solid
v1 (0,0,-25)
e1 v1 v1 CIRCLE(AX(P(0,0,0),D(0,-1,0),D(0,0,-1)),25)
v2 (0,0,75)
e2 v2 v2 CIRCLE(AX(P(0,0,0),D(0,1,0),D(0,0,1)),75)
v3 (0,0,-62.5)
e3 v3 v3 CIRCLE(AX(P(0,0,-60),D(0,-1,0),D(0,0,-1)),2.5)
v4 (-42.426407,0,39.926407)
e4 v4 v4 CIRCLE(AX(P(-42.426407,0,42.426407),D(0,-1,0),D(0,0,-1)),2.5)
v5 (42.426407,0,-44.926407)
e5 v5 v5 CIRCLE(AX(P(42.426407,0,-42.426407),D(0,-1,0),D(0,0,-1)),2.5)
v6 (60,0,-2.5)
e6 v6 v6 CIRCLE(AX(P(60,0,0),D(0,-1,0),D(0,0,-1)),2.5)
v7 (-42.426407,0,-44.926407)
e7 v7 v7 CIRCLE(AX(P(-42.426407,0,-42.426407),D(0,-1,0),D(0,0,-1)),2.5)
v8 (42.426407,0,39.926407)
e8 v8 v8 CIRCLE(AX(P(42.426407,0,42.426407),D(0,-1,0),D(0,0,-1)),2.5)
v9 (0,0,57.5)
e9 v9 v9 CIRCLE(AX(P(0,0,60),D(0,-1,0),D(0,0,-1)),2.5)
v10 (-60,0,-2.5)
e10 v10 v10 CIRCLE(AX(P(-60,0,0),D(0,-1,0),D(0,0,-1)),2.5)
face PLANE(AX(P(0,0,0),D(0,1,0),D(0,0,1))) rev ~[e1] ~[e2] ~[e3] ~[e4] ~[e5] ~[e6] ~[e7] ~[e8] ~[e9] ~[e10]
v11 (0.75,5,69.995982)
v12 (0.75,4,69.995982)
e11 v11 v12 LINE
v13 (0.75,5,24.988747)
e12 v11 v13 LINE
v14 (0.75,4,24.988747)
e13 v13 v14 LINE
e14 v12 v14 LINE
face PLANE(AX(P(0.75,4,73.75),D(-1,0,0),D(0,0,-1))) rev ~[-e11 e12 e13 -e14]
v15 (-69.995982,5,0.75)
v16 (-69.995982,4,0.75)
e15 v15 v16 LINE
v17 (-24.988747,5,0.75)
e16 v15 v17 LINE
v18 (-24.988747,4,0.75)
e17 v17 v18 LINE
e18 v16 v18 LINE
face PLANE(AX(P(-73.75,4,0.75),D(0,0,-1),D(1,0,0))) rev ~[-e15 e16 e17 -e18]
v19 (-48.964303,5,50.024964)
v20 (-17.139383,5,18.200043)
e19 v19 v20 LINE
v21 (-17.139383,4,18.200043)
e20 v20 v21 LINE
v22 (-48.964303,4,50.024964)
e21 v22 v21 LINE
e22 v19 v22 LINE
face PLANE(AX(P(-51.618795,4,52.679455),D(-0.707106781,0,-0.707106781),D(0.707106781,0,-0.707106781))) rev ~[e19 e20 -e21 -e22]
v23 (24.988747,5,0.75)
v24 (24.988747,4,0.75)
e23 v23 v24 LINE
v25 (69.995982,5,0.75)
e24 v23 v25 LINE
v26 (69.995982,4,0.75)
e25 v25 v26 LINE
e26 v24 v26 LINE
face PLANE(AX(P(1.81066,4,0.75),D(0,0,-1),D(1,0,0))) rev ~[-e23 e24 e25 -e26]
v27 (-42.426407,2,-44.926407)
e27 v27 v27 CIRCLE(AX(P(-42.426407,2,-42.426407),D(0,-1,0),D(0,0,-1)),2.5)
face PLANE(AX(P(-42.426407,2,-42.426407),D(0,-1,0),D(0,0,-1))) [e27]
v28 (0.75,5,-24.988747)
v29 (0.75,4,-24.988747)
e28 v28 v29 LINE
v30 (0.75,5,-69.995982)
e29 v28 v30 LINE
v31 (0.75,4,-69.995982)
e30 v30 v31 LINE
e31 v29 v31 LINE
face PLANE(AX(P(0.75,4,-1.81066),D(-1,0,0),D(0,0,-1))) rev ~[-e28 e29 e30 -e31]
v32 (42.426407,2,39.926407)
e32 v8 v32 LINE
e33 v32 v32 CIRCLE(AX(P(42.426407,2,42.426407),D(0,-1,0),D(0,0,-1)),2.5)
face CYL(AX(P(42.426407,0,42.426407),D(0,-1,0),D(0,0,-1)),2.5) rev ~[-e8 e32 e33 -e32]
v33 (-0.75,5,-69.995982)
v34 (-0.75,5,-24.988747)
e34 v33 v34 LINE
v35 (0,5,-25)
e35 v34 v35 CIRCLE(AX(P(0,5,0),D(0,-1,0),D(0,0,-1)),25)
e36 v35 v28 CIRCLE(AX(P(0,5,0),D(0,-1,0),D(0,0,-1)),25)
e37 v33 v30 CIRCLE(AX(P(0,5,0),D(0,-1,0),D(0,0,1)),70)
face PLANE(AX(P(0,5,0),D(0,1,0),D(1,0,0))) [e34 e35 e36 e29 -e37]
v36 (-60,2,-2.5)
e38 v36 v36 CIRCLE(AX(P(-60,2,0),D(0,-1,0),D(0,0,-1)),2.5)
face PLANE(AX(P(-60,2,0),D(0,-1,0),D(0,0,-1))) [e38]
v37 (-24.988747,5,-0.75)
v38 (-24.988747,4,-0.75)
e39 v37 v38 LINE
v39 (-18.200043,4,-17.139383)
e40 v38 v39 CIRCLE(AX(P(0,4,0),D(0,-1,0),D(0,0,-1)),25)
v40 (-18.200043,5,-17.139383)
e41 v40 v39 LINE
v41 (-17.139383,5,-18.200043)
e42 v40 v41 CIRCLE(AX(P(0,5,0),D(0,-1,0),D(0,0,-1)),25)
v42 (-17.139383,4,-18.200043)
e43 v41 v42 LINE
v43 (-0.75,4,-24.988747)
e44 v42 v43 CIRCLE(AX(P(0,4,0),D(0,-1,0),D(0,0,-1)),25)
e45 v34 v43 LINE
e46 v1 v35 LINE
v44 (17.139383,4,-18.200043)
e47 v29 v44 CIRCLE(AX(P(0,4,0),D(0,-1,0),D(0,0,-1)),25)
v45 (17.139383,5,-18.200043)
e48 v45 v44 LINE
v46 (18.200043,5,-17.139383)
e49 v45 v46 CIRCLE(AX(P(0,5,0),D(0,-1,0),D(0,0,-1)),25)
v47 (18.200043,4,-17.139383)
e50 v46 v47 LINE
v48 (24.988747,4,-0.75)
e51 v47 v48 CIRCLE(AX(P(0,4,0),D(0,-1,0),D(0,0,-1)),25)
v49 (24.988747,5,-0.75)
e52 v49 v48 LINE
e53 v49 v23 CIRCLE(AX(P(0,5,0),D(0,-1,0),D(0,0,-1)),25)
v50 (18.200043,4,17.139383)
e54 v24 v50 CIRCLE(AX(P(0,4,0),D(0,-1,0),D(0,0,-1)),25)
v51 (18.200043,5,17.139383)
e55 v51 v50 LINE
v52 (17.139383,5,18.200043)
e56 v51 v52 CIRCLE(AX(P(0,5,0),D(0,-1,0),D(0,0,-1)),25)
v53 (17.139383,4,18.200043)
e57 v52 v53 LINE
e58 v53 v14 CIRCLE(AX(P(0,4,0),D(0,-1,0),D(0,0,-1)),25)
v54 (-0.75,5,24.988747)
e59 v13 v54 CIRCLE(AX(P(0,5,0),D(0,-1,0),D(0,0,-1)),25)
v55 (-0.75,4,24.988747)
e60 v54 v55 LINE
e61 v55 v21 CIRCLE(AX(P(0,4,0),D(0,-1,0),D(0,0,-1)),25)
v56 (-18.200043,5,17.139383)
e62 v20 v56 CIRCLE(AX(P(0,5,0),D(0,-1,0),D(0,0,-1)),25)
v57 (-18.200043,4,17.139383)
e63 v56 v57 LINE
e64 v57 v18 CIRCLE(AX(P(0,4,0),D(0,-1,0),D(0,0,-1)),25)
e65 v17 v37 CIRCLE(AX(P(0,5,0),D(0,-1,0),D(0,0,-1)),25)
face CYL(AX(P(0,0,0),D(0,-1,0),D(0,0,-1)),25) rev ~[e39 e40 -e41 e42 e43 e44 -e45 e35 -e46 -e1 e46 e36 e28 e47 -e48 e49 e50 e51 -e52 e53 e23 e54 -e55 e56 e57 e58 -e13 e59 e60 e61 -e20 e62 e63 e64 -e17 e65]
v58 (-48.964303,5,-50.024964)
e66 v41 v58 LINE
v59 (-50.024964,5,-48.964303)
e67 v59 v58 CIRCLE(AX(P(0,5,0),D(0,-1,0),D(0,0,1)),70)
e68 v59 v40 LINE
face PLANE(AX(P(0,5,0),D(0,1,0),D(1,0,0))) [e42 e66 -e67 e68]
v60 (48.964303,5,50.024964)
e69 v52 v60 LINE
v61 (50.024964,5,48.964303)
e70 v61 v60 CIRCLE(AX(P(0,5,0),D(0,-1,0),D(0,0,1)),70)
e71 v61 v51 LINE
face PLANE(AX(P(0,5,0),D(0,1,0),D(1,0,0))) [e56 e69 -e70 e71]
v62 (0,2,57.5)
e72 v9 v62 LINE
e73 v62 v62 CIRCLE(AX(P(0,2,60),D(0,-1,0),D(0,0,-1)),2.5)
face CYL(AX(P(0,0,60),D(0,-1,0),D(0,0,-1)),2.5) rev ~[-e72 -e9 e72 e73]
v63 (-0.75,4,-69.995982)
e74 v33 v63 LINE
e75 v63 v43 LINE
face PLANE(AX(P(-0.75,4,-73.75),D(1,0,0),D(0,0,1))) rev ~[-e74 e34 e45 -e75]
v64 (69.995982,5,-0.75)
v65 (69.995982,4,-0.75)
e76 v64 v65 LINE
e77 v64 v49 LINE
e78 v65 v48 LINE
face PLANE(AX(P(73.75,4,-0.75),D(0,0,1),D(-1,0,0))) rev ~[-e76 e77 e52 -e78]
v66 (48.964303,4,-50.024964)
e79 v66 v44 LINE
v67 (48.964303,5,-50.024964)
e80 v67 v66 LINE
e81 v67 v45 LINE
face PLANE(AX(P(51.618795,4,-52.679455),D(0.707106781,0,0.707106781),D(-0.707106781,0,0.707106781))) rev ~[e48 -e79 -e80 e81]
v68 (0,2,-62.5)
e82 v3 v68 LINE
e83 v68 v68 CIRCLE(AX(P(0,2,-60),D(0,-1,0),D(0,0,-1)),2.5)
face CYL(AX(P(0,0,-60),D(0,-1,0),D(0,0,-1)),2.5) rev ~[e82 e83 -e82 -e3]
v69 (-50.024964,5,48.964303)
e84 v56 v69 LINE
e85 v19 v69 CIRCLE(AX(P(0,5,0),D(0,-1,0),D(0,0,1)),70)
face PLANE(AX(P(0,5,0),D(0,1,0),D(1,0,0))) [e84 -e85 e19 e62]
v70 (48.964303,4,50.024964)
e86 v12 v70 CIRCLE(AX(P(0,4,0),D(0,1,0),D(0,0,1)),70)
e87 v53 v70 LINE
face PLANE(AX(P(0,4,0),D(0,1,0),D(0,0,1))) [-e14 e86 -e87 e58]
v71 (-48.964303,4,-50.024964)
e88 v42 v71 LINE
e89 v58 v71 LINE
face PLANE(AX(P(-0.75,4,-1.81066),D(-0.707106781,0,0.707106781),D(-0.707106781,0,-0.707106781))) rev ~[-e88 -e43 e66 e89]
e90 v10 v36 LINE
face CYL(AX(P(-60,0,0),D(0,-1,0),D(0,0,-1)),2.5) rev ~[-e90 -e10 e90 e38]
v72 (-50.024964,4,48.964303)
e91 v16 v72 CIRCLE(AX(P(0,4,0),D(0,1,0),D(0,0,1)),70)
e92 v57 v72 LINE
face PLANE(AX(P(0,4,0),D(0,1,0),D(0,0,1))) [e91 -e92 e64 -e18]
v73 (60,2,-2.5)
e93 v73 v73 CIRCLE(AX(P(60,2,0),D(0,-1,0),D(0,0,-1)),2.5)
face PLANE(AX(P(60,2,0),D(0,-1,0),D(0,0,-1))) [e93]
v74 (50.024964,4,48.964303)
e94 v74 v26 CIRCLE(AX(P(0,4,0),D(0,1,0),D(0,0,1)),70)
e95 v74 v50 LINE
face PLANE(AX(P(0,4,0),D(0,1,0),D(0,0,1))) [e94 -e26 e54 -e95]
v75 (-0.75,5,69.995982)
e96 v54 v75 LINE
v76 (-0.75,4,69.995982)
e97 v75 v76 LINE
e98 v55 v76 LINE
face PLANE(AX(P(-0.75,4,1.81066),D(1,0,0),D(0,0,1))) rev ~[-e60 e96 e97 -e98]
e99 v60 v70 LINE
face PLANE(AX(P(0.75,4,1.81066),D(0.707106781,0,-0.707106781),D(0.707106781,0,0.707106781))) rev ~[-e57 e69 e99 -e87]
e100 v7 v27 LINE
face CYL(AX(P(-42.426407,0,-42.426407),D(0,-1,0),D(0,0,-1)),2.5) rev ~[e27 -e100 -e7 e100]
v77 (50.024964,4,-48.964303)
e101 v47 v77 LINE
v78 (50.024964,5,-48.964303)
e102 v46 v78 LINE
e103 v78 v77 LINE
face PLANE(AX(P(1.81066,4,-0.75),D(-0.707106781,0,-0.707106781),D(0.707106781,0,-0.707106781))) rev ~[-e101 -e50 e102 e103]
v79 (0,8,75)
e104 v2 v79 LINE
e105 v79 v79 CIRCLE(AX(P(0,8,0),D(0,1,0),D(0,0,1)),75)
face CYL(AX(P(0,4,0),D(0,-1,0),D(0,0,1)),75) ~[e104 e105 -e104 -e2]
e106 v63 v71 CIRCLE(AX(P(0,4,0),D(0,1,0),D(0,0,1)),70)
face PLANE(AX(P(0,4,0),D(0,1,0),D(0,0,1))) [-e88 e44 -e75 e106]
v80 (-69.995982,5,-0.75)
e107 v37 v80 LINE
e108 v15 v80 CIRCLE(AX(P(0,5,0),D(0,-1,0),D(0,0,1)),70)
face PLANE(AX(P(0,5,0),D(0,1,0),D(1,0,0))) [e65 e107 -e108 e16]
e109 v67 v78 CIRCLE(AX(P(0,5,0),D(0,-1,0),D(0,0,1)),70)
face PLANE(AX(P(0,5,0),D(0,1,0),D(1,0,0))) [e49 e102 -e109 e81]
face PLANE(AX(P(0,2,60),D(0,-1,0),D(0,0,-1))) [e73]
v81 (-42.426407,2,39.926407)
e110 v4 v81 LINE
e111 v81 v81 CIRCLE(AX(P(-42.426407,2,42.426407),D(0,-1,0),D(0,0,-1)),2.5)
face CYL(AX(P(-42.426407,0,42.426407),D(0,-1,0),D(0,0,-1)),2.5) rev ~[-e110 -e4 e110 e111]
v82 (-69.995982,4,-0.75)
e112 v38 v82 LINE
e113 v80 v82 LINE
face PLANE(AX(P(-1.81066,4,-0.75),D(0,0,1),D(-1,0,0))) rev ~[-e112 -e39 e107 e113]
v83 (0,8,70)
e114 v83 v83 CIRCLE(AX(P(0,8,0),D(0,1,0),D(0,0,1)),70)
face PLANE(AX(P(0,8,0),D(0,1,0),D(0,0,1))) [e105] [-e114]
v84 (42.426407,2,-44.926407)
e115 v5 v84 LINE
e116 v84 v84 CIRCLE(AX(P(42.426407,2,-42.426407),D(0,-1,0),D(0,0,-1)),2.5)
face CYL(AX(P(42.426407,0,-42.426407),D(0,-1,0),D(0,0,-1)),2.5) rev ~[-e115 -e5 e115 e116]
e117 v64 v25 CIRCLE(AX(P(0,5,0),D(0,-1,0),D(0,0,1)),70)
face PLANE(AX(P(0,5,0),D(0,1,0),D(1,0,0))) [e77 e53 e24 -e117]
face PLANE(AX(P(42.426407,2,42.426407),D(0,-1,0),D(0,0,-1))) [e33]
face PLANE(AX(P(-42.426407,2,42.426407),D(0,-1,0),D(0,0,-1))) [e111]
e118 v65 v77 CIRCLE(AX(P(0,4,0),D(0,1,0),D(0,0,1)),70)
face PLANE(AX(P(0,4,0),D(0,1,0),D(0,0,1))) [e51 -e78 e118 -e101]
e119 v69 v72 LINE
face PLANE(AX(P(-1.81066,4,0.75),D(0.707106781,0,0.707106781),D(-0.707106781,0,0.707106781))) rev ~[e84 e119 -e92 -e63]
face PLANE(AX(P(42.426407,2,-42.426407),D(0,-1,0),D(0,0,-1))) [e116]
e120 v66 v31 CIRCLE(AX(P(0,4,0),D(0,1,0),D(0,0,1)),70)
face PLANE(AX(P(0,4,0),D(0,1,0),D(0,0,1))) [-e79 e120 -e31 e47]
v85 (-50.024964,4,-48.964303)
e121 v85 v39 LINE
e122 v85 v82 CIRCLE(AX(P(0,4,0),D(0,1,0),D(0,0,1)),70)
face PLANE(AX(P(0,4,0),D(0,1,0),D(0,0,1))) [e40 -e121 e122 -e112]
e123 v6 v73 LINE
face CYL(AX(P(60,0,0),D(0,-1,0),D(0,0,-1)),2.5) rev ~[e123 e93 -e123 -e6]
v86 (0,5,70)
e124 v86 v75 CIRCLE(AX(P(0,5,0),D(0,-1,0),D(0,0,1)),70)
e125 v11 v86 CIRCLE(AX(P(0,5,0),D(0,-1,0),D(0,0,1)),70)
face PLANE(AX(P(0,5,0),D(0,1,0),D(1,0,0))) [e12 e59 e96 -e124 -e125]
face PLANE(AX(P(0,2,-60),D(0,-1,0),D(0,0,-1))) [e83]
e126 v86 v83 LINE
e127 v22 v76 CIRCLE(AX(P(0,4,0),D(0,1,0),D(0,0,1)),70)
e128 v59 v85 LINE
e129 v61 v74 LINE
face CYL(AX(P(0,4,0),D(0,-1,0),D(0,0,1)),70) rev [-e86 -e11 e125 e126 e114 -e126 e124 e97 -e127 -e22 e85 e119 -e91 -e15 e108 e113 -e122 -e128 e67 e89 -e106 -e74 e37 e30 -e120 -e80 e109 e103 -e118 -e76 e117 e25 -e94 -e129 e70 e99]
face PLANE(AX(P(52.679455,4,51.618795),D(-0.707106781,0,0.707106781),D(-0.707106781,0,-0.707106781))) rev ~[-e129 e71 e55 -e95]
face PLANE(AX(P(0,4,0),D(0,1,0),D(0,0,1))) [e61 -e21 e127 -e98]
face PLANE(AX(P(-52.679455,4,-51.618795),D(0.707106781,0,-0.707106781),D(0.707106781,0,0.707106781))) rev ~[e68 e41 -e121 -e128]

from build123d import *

# Parameters (mm, degrees)
CROQUIS1_R              = 75
SALIENTE_EXTRUIR1_DEPTH = 4
CROQUIS3_R              = 75
CROQUIS3_R_2            = 70
SALIENTE_EXTRUIR2_DEPTH = 4
SALIENTE_EXTRUIR3_DEPTH = 1
CROQUIS2_R              = 2.5
CORTAR_EXTRUIR1_DEPTH   = 2
CROQUIS4_R              = 25
CORTAR_EXTRUIR2_DEPTH   = 6


with BuildPart() as part:
    # Croquis1 → Saliente-Extruir1 (new body)
    with BuildSketch(Plane(origin=(0, 0, 0), x_dir=(1, 0, 0), z_dir=(0, 1, 0))):
        with Locations(Location((0, 0, 0), (0, 0, 270))):
            Circle(CROQUIS1_R)
    extrude(amount=SALIENTE_EXTRUIR1_DEPTH)

    # Croquis3 → Saliente-Extruir2 (add)
    with BuildSketch(Plane(origin=(0, 4, 0), x_dir=(1, 0, 0), z_dir=(0, 1, 0))):
        with Locations(Location((0, 0, 0), (0, 0, 270))):
            Circle(CROQUIS3_R)
        with Locations(Location((0, 0, 0), (0, 0, 270))):
            Circle(CROQUIS3_R_2, mode=Mode.SUBTRACT)
    extrude(amount=SALIENTE_EXTRUIR2_DEPTH)

    # Croquis7 → Saliente-Extruir3 (add)
    with BuildSketch(Plane(origin=(0, 4, 0), x_dir=(1, 0, 0), z_dir=(0, 1, 0))):
        Polygon((0.75, -1.810660172), (51.618795027, -52.679455198), (52.679455198, -51.618795027), (1.810660172, -0.75), (73.75, -0.75), (73.75, 0.75), (1.810660172, 0.75), (52.679455198, 51.618795027), (51.618795027, 52.679455198), (0.75, 1.810660172), (0.75, 73.75), (-0.75, 73.75), (-0.75, 1.810660172), (-51.618795027, 52.679455198), (-52.679455198, 51.618795027), (-1.810660172, 0.75), (-73.75, 0.75), (-73.75, -0.75), (-1.810660172, -0.75), (-52.679455198, -51.618795027), (-51.618795027, -52.679455198), (-0.75, -1.810660172), (-0.75, -73.75), (0.75, -73.75), align=None)
    extrude(amount=SALIENTE_EXTRUIR3_DEPTH)

    # Croquis2 → Cortar-Extruir1 (cut)
    with BuildSketch(Plane.XZ):
        with Locations(Location((-60, 0, 0), (0, 0, 270))):
            Circle(CROQUIS2_R)
        with Locations(Location((-42.426406871, 42.426406871, 0), (0, 0, 270))):
            Circle(CROQUIS2_R)
        with Locations(Location((0, 60, 0), (0, 0, 270))):
            Circle(CROQUIS2_R)
        with Locations(Location((42.426406871, 42.426406871, 0), (0, 0, 270))):
            Circle(CROQUIS2_R)
        with Locations(Location((60, 0, 0), (0, 0, 270))):
            Circle(CROQUIS2_R)
        with Locations(Location((42.426406871, -42.426406871, 0), (0, 0, 270))):
            Circle(CROQUIS2_R)
        with Locations(Location((0, -60, 0), (0, 0, 270))):
            Circle(CROQUIS2_R)
        with Locations(Location((-42.426406871, -42.426406871, 0), (0, 0, 270))):
            Circle(CROQUIS2_R)
    extrude(amount=-CORTAR_EXTRUIR1_DEPTH, mode=Mode.SUBTRACT)

    # Croquis4 → Cortar-Extruir2 (cut)
    with BuildSketch(Plane.XZ):
        with Locations(Location((0, 0, 0), (0, 0, 270))):
            Circle(CROQUIS4_R)
    extrude(amount=-CORTAR_EXTRUIR2_DEPTH, mode=Mode.SUBTRACT)


solid = part.part
